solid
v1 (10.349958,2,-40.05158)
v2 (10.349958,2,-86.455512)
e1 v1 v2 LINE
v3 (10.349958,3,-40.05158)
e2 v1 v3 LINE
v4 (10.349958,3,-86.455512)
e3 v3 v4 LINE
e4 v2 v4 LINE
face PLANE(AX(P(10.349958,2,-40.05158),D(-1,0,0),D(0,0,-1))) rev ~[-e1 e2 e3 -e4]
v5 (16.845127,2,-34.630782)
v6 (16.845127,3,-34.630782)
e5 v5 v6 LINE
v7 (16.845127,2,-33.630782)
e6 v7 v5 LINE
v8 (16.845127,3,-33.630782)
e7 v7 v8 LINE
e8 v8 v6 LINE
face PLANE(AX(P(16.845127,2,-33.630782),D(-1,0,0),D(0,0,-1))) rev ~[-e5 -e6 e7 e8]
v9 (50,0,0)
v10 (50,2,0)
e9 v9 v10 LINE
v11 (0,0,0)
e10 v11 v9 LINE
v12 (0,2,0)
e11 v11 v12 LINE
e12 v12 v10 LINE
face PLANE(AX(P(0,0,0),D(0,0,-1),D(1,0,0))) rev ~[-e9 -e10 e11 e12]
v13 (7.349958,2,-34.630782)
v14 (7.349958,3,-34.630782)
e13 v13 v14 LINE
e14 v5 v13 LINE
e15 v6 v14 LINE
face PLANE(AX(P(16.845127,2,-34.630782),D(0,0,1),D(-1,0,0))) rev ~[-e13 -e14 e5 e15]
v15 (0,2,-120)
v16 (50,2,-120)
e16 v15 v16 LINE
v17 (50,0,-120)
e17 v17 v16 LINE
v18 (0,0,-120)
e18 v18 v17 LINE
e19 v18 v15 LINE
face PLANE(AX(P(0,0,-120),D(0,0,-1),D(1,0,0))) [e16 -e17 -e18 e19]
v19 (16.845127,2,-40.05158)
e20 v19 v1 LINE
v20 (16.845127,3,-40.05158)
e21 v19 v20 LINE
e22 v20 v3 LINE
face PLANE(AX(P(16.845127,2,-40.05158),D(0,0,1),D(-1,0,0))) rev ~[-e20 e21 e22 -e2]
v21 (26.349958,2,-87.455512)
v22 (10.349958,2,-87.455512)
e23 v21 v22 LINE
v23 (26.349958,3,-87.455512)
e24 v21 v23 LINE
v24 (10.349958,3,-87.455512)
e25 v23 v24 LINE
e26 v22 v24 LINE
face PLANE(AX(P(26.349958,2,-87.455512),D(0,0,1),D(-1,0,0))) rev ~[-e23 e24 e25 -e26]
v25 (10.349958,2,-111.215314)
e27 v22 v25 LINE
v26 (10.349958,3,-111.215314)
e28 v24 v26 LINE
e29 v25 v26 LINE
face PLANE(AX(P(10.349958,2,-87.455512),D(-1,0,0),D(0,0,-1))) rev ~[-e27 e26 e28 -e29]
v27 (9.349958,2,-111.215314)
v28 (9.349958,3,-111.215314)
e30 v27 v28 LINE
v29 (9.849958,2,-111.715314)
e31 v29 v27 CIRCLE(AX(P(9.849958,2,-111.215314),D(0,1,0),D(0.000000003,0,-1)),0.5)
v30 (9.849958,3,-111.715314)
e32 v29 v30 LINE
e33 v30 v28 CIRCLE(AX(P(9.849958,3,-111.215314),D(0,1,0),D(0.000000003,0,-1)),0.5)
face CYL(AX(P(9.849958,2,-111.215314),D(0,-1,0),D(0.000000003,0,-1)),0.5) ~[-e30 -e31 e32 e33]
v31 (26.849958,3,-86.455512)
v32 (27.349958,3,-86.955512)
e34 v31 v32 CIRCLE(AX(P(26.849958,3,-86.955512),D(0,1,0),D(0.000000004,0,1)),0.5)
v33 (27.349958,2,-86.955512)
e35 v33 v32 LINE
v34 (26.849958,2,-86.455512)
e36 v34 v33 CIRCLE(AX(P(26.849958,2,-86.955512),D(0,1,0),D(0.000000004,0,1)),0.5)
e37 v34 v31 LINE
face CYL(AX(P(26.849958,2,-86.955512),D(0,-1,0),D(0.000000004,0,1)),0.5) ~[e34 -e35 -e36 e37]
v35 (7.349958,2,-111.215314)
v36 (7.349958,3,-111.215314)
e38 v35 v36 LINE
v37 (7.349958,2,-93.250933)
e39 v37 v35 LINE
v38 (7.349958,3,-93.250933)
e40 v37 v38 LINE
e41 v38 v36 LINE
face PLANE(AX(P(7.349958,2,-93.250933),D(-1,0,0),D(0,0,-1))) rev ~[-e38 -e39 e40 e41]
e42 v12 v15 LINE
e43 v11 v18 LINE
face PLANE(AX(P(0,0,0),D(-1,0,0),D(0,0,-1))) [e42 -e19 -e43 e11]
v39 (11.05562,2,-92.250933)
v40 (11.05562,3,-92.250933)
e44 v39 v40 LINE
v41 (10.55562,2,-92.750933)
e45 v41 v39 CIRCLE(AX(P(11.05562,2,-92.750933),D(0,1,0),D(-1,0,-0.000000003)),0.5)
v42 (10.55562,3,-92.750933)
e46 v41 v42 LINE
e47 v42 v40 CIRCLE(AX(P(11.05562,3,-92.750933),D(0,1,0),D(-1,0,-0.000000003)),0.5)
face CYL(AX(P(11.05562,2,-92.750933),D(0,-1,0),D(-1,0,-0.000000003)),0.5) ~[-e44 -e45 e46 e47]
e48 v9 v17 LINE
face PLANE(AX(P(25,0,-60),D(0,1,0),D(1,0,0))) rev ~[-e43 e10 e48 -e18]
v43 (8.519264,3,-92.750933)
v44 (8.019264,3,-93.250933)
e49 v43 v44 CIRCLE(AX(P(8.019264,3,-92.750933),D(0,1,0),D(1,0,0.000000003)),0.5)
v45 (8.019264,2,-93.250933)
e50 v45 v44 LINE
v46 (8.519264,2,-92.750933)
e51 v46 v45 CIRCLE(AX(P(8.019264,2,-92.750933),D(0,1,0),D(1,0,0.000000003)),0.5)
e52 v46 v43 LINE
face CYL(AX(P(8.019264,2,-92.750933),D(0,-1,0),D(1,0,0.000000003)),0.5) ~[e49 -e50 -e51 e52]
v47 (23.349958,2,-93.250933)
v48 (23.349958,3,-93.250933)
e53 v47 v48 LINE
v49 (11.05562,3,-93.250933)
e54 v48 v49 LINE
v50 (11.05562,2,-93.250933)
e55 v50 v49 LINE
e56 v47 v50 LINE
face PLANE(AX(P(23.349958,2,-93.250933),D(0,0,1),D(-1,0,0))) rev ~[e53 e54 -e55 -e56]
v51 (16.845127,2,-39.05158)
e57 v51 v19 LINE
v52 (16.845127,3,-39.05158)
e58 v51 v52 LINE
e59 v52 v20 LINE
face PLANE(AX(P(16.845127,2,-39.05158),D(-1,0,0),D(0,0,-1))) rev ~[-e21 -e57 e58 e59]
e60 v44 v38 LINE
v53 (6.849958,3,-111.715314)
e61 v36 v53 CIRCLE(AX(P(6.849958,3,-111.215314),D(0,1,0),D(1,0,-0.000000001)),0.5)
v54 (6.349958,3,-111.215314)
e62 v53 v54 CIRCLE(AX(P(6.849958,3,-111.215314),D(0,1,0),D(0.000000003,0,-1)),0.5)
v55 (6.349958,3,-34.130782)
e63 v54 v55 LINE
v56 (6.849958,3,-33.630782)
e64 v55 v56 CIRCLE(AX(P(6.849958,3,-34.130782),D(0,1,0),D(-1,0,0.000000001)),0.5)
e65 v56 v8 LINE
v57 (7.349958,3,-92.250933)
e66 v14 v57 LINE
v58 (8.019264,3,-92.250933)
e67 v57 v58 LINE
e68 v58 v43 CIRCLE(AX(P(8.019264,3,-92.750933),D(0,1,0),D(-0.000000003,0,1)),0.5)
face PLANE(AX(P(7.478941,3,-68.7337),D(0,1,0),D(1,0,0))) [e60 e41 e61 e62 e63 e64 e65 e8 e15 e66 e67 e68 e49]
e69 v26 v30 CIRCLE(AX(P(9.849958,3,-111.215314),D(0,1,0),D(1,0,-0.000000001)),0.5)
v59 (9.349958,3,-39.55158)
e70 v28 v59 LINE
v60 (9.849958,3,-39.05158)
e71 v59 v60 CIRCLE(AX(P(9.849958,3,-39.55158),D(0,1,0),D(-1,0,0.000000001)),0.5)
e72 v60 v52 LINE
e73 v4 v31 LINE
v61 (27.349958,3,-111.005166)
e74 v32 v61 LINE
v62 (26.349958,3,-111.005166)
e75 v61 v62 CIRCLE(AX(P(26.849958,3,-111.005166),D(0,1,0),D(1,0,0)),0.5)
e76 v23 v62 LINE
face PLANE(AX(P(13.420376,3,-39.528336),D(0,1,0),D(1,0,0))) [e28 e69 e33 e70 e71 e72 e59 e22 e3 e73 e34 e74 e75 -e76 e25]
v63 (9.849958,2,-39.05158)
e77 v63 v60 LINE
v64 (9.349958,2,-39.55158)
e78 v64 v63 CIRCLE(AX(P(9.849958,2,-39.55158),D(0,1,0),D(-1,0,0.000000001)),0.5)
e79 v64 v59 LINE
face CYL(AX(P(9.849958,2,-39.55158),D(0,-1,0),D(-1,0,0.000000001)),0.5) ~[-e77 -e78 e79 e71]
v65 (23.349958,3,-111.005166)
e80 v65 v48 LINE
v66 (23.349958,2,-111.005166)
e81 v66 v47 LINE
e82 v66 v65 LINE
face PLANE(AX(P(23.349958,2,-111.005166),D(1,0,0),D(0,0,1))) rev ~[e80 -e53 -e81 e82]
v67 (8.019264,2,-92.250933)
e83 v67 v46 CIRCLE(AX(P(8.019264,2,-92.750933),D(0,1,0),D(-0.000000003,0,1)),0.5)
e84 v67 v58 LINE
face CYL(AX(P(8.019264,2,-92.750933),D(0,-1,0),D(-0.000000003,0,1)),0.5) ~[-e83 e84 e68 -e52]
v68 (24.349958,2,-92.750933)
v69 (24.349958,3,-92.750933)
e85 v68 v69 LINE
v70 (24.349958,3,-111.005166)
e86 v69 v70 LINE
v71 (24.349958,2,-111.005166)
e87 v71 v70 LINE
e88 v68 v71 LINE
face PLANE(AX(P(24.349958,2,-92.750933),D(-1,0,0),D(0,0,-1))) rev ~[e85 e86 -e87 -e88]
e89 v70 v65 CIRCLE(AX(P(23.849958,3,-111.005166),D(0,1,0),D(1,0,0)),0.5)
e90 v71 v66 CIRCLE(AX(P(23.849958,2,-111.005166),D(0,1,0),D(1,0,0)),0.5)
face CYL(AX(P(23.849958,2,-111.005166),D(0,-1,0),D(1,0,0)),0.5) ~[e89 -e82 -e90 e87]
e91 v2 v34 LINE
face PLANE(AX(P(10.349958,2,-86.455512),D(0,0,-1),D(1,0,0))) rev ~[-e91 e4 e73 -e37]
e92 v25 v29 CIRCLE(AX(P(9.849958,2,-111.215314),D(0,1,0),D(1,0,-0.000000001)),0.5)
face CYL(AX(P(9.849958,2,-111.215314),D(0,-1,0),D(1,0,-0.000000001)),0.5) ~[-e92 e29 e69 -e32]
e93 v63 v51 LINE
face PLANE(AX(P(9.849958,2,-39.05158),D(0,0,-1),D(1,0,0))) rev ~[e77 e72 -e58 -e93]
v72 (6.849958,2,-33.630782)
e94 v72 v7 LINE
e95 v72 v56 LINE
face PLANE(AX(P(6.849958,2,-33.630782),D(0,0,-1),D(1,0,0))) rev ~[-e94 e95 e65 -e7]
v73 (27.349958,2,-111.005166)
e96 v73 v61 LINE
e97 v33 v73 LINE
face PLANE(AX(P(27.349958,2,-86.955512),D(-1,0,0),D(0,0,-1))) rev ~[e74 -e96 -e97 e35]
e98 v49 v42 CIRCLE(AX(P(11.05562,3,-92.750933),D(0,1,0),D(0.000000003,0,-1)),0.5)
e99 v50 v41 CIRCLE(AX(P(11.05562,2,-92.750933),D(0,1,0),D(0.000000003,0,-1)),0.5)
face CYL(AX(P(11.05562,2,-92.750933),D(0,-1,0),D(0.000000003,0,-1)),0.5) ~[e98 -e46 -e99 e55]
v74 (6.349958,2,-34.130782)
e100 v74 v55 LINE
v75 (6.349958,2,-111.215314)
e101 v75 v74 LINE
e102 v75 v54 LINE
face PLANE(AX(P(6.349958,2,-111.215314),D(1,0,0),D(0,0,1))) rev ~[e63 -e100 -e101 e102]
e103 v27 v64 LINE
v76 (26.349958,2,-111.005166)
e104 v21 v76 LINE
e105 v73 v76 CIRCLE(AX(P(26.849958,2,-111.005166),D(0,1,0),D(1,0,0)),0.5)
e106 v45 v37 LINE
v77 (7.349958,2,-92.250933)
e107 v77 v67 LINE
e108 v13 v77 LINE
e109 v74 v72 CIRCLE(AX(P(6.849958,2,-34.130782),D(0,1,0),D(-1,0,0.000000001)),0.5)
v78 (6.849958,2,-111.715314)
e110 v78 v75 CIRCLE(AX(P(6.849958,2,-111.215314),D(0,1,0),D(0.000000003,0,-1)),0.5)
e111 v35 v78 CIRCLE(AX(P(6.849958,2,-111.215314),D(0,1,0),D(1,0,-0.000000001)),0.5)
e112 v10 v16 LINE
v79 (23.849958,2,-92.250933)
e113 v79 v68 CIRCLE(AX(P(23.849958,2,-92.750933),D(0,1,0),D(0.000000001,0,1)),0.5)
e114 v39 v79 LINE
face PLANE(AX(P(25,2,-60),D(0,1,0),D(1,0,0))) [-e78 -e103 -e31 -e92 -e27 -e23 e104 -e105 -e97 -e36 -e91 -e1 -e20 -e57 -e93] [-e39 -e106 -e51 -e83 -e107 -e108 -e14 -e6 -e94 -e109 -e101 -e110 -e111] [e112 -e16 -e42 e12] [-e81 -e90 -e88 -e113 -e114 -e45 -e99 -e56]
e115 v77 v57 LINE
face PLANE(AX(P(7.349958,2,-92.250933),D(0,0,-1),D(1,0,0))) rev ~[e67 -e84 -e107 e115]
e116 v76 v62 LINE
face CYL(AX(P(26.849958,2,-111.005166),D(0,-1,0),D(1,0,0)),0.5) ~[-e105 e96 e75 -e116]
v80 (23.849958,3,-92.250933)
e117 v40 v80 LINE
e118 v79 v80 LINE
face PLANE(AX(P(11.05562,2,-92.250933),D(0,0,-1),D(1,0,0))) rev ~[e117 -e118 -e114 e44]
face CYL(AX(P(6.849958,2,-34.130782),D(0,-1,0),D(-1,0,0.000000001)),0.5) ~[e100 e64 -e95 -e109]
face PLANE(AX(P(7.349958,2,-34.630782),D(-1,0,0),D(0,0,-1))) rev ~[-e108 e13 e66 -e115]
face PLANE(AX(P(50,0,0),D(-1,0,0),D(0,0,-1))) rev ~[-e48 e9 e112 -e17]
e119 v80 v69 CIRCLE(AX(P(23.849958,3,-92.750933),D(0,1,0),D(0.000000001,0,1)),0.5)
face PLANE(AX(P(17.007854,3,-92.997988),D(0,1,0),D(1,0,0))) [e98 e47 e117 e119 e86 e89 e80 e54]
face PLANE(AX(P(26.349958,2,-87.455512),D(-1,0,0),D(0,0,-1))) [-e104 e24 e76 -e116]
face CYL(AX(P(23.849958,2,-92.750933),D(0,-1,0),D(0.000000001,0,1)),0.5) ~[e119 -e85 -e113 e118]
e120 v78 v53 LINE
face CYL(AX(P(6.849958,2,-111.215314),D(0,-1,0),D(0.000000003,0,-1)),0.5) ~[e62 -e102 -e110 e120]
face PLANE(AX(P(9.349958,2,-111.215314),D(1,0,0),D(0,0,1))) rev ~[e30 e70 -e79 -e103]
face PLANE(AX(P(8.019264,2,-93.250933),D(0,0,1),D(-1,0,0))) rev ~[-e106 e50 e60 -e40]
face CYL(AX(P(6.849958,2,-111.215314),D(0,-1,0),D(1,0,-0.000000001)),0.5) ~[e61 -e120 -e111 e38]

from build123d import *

# Parameters (mm, degrees)
SKETCH1_W           = 50
SKETCH1_H           = 120
BOSS_EXTRUDE1_DEPTH = 2
SKETCH2_W           = 0.5
SKETCH2_H           = 5.295420769
SKETCH2_H_2         = 23.549654675
BOSS_EXTRUDE3_DEPTH = 1


with BuildPart() as part:
    # Sketch1 → Boss-Extrude1 (new body)
    with BuildSketch(Plane(origin=(0, 0, 0), x_dir=(1, 0, 0), z_dir=(0, 1, 0))):
        with Locations((25, 60)):
            Rectangle(SKETCH1_W, SKETCH1_H)
    extrude(amount=BOSS_EXTRUDE1_DEPTH)

    # Sketch2 → Boss-Extrude3 (add)
    with BuildSketch(Plane(origin=(0, 2, 0), x_dir=(1, 0, 0), z_dir=(0, 1, 0))):
        with BuildLine():
            Line((9.849958258, 39.051579924), (16.845127039, 39.051579924))
            Line((16.845127039, 39.051579924), (16.845127039, 40.051579924))
            Line((16.845127039, 40.051579924), (10.349958258, 40.051579924))
            Line((10.349958258, 40.051579924), (10.349958258, 39.551579924))
            ThreePointArc((10.349958258, 39.551579924), (10.203511648, 39.198026534), (9.849958258, 39.051579924))
        make_face()
        with BuildLine():
            Line((10.349958258, 40.051579924), (10.349958258, 86.455511816))
            Line((10.349958258, 86.455511816), (9.849958258, 86.455511816))
            ThreePointArc((9.849958258, 86.455511816), (9.496404867, 86.601958426), (9.349958258, 86.955511816))
            Line((9.349958258, 86.955511816), (9.349958258, 39.551579924))
            ThreePointArc((9.349958258, 39.551579924), (9.496404867, 39.198026534), (9.849958258, 39.051579924))
            ThreePointArc((9.849958258, 39.051579924), (10.203511648, 39.198026534), (10.349958258, 39.551579924))
            Line((10.349958258, 39.551579924), (10.349958258, 40.051579924))
        make_face()
        with BuildLine():
            Line((6.849958258, 33.630782095), (16.845127039, 33.630782095))
            Line((16.845127039, 33.630782095), (16.845127039, 34.630782095))
            Line((16.845127039, 34.630782095), (7.349958258, 34.630782095))
            Line((7.349958258, 34.630782095), (7.349958258, 92.250932585))
            Line((7.349958258, 92.250932585), (8.019263959, 92.250932585))
            ThreePointArc((8.019263959, 92.250932585), (8.37281735, 92.397379194), (8.519263959, 92.750932585))
            ThreePointArc((8.519263959, 92.750932585), (8.37281735, 93.104485976), (8.019263959, 93.250932585))
            Line((8.019263959, 93.250932585), (7.349958258, 93.250932585))
            Line((7.349958258, 93.250932585), (7.349958258, 111.215314398))
            ThreePointArc((7.349958258, 111.215314398), (7.203511648, 111.568867789), (6.849958258, 111.715314398))
            ThreePointArc((6.849958258, 111.715314398), (6.496404867, 111.568867789), (6.349958258, 111.215314398))
            Line((6.349958258, 111.215314398), (6.349958258, 34.130782095))
            ThreePointArc((6.349958258, 34.130782095), (6.496404867, 33.777228705), (6.849958258, 33.630782095))
        make_face()
        with BuildLine():
            Line((9.849958258, 92.750932585), (10.349958258, 92.750932585))
            Line((10.349958258, 92.750932585), (10.349958258, 111.215314398))
            ThreePointArc((10.349958258, 111.215314398), (10.203511648, 111.568867789), (9.849958258, 111.715314398))
            ThreePointArc((9.849958258, 111.715314398), (9.496404867, 111.568867789), (9.349958258, 111.215314398))
            Line((9.349958258, 111.215314398), (9.349958258, 92.750932585))
            Line((9.349958258, 92.750932585), (9.849958258, 92.750932585))
        make_face()
        with Locations((10.099958258, 90.1032222)):
            Rectangle(SKETCH2_W, SKETCH2_H)
        with BuildLine():
            ThreePointArc((9.349958258, 86.955511816), (9.496404867, 87.309065207), (9.849958258, 87.455511816))
            Line((9.849958258, 87.455511816), (9.849958258, 92.750932585))
            Line((9.849958258, 92.750932585), (9.349958258, 92.750932585))
            Line((9.349958258, 92.750932585), (9.349958258, 86.955511816))
        make_face()
        with BuildLine():
            ThreePointArc((11.055620389, 93.250932585), (10.702066998, 93.104485976), (10.555620389, 92.750932585))
            Line((10.555620389, 92.750932585), (23.349958258, 92.750932585))
            Line((23.349958258, 92.750932585), (23.349958258, 93.250932585))
            Line((23.349958258, 93.250932585), (11.055620389, 93.250932585))
        make_face()
        with BuildLine():
            Line((23.349958258, 92.750932585), (10.555620389, 92.750932585))
            ThreePointArc((10.555620389, 92.750932585), (10.702066998, 92.397379194), (11.055620389, 92.250932585))
            Line((11.055620389, 92.250932585), (23.849958258, 92.250932585))
            ThreePointArc((23.849958258, 92.250932585), (23.496404867, 92.397379194), (23.349958258, 92.750932585))
        make_face()
        with BuildLine():
            Line((10.349958258, 86.455511816), (25, 86.455511816))
            Line((25, 86.455511816), (26.849958258, 86.455511816))
            ThreePointArc((26.849958258, 86.455511816), (26.496404867, 86.601958426), (26.349958258, 86.955511816))
            Line((26.349958258, 86.955511816), (26.349958258, 87.455511816))
            Line((26.349958258, 87.455511816), (25, 87.455511816))
            Line((25, 87.455511816), (10.349958258, 87.455511816))
            Line((10.349958258, 87.455511816), (10.349958258, 86.455511816))
        make_face()
        with BuildLine():
            ThreePointArc((26.349958258, 86.955511816), (26.496404867, 86.601958426), (26.849958258, 86.455511816))
            ThreePointArc((26.849958258, 86.455511816), (27.203511648, 86.601958426), (27.349958258, 86.955511816))
            ThreePointArc((27.349958258, 86.955511816), (27.203511648, 87.309065207), (26.849958258, 87.455511816))
            Line((26.849958258, 87.455511816), (26.349958258, 87.455511816))
            Line((26.349958258, 87.455511816), (26.349958258, 86.955511816))
        make_face()
        with BuildLine():
            ThreePointArc((26.849958258, 87.455511816), (27.203511648, 87.309065207), (27.349958258, 86.955511816))
            Line((27.349958258, 86.955511816), (27.349958258, 111.005166491))
            ThreePointArc((27.349958258, 111.005166491), (26.849958258, 111.505166491), (26.349958258, 111.005166491))
            Line((26.349958258, 111.005166491), (26.849958258, 111.005166491))
            Line((26.849958258, 111.005166491), (26.849958258, 87.455511816))
        make_face()
        with Locations((26.599958258, 99.230339154)):
            Rectangle(SKETCH2_W, SKETCH2_H_2)
        with BuildLine():
            Line((23.849958258, 111.005166491), (23.849958258, 93.250932585))
            ThreePointArc((23.849958258, 93.250932585), (24.203511648, 93.104485976), (24.349958258, 92.750932585))
            Line((24.349958258, 92.750932585), (24.349958258, 111.005166491))
            Line((24.349958258, 111.005166491), (23.849958258, 111.005166491))
        make_face()
        with BuildLine():
            Line((23.349958258, 93.250932585), (23.349958258, 92.750932585))
            ThreePointArc((23.349958258, 92.750932585), (23.496404867, 92.397379194), (23.849958258, 92.250932585))
            ThreePointArc((23.849958258, 92.250932585), (24.203511648, 92.397379194), (24.349958258, 92.750932585))
            ThreePointArc((24.349958258, 92.750932585), (24.203511648, 93.104485976), (23.849958258, 93.250932585))
            Line((23.849958258, 93.250932585), (23.349958258, 93.250932585))
        make_face()
        with BuildLine():
            Line((23.349958258, 111.005166491), (23.349958258, 93.250932585))
            Line((23.349958258, 93.250932585), (23.849958258, 93.250932585))
            Line((23.849958258, 93.250932585), (23.849958258, 111.005166491))
            Line((23.849958258, 111.005166491), (24.349958258, 111.005166491))
            ThreePointArc((24.349958258, 111.005166491), (23.849958258, 111.505166491), (23.349958258, 111.005166491))
        make_face()
        with BuildLine():
            Line((9.849958258, 86.455511816), (10.349958258, 86.455511816))
            Line((10.349958258, 86.455511816), (10.349958258, 87.455511816))
            Line((10.349958258, 87.455511816), (9.849958258, 87.455511816))
            ThreePointArc((9.849958258, 87.455511816), (9.496404867, 87.309065207), (9.349958258, 86.955511816))
            ThreePointArc((9.349958258, 86.955511816), (9.496404867, 86.601958426), (9.849958258, 86.455511816))
        make_face()
    extrude(amount=BOSS_EXTRUDE3_DEPTH)


solid = part.part
